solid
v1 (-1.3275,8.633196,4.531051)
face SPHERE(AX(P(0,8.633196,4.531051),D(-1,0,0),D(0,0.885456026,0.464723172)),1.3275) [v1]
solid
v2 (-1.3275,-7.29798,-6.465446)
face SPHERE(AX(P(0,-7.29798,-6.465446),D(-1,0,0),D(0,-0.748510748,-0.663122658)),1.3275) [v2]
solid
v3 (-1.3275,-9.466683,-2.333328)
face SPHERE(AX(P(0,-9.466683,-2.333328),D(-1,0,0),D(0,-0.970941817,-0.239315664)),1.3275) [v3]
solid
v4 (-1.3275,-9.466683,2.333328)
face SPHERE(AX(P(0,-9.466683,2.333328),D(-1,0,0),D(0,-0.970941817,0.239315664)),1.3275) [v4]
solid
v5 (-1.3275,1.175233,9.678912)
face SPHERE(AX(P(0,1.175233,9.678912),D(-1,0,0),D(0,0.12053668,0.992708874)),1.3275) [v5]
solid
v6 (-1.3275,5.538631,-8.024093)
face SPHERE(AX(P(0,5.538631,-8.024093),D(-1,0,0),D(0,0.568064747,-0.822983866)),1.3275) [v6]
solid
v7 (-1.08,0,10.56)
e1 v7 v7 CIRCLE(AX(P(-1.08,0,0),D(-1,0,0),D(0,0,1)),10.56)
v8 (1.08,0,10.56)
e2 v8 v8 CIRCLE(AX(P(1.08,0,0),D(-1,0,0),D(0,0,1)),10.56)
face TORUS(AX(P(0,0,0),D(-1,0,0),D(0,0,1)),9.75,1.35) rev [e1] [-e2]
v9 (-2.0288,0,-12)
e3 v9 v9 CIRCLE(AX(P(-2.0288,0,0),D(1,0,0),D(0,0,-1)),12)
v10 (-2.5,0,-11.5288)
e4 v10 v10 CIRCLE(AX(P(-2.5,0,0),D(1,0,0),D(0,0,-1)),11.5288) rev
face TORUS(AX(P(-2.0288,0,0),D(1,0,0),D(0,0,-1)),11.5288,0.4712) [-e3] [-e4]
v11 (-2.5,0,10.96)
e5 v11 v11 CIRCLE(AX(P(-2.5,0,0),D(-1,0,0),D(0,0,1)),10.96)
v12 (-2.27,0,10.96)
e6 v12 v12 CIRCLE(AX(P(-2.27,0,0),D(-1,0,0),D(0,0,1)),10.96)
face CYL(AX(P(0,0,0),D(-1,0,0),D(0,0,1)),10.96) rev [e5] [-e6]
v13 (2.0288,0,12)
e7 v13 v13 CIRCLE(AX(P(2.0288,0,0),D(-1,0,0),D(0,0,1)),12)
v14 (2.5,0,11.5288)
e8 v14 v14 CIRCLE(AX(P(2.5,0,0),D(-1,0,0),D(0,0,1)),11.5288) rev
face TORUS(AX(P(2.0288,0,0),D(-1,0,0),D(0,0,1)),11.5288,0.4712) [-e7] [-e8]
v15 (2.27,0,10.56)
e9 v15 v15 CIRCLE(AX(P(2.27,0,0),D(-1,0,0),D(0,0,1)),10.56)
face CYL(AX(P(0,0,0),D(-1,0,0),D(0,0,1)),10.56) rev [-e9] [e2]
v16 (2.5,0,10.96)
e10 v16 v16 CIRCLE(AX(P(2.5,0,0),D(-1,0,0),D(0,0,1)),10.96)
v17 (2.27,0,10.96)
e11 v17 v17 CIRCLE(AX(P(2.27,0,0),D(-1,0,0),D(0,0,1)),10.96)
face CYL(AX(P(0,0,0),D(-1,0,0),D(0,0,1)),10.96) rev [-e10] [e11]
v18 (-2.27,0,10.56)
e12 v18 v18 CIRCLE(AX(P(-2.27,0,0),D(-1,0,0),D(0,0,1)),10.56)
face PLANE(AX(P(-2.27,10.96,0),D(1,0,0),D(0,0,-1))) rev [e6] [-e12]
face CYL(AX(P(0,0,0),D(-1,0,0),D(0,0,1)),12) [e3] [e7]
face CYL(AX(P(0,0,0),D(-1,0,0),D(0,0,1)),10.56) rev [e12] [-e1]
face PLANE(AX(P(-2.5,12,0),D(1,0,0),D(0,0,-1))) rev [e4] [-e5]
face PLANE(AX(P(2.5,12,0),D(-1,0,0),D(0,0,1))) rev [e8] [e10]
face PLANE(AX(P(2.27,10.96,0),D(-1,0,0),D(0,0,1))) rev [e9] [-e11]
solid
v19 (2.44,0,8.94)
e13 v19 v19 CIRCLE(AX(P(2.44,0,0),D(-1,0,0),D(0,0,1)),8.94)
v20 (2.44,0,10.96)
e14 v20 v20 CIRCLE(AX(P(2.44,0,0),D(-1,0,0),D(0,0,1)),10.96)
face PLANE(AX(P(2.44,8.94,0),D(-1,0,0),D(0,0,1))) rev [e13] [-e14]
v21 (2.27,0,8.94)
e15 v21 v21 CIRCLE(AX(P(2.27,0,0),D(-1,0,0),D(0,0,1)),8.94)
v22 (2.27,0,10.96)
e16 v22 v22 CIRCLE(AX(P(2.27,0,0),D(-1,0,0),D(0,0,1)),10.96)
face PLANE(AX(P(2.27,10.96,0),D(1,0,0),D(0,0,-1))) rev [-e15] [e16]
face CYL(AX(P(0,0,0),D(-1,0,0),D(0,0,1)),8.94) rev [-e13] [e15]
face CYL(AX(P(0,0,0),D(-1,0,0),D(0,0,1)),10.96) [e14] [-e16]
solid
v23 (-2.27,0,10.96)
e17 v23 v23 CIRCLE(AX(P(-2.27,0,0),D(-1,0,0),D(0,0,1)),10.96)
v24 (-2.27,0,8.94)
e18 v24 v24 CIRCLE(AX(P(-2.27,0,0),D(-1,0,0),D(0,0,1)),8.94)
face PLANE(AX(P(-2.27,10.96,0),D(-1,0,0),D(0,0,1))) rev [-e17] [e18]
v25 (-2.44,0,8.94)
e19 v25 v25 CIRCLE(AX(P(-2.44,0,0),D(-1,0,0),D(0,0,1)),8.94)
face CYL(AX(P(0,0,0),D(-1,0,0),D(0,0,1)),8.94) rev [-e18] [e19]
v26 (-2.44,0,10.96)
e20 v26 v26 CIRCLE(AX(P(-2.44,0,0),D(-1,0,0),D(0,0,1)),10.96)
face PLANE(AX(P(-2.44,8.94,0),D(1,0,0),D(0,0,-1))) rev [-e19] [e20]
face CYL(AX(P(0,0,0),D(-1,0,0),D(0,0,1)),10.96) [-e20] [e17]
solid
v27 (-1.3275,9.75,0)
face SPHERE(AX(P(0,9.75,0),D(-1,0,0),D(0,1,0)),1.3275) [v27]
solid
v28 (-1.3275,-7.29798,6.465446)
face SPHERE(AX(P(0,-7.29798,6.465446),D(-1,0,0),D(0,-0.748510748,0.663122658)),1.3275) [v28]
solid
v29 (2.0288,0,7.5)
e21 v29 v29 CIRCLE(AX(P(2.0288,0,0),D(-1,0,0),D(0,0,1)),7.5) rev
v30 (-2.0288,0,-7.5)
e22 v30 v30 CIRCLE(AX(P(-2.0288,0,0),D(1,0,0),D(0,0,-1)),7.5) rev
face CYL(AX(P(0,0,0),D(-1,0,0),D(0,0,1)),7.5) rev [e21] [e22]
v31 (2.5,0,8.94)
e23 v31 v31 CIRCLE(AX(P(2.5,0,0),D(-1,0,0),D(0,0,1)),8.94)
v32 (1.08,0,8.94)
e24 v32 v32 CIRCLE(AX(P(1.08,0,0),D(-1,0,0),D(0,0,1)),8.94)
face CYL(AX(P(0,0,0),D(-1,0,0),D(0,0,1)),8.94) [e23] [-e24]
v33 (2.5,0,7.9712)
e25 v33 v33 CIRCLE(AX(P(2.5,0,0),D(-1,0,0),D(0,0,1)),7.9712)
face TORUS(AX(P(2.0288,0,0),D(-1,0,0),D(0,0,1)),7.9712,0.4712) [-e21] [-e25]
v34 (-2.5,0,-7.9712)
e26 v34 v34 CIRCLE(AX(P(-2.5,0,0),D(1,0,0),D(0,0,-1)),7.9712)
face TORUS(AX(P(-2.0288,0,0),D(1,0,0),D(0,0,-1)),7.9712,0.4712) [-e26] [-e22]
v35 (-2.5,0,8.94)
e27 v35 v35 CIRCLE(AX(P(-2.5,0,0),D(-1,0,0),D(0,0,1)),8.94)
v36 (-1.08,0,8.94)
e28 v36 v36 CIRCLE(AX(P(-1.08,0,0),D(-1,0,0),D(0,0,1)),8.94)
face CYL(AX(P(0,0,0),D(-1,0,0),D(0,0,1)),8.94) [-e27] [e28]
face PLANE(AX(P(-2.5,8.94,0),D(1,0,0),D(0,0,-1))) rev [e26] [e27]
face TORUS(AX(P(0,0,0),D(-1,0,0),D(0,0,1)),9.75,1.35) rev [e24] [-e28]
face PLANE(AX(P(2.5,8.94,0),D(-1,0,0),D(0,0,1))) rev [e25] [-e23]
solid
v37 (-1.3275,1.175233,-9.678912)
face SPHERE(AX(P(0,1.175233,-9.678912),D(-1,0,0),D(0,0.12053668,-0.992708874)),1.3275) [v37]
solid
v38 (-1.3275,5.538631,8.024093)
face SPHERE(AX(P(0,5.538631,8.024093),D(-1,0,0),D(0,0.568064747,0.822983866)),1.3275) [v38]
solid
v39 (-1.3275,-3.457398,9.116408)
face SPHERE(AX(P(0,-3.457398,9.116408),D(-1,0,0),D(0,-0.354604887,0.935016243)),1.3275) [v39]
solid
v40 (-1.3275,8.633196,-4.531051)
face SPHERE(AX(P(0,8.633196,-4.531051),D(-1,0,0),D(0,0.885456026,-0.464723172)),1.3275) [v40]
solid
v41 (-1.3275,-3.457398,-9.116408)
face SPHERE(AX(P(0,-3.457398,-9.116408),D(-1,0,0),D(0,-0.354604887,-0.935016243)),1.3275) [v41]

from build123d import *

# Parameters (mm, degrees)
SKETCH_3_W               = 0.17
SKETCH_3_H               = 2.02
PATTERN_CIRCULAR_2_COUNT = 13
FILLET_1_R               = 0.4712
FILLET_2_R               = 0.4712


with BuildPart() as part:
    # ｽｹｯﾁ1 → 回転1 (revolve)
    with BuildSketch(Plane.XY, mode=Mode.PRIVATE) as revolve_1_sk:
        with BuildLine():
            Line((-2.5, 12), (2.5, 12))
            Line((2.5, 12), (2.5, 10.96))
            Line((2.5, 10.96), (2.27, 10.96))
            Line((2.27, 10.96), (2.27, 10.56))
            Line((2.27, 10.56), (1.08, 10.56))
            ThreePointArc((1.08, 10.56), (0, 11.1), (-1.08, 10.56))
            Line((-1.08, 10.56), (-2.27, 10.56))
            Line((-2.27, 10.56), (-2.27, 10.96))
            Line((-2.27, 10.96), (-2.5, 10.96))
            Line((-2.5, 10.96), (-2.5, 12))
        make_face()
        with BuildLine():
            Line((-2.5, 8.94), (-1.08, 8.94))
            ThreePointArc((-1.08, 8.94), (0, 8.4), (1.08, 8.94))
            Line((1.08, 8.94), (2.5, 8.94))
            Line((2.5, 8.94), (2.5, 7.5))
            Line((2.5, 7.5), (-2.5, 7.5))
            Line((-2.5, 7.5), (-2.5, 8.94))
        make_face()
    revolve(revolve_1_sk.sketch.rotate(Axis((0, 0, 0), (1, 0, 0)), 90), axis=Axis((0, 0, 0), (1, 0, 0)))

    # ﾌｨﾚｯﾄ1
    fillet_1_edges = [part.edges().sort_by_distance(p)[0] for p in [
        (-2.5, 0, -12),
        (2.5, 0, -12),
    ]]
    fillet(fillet_1_edges, radius=FILLET_1_R)

    # ﾌｨﾚｯﾄ2
    fillet_2_edges = [part.edges().sort_by_distance(p)[0] for p in [
        (2.5, 0, -7.5),
        (-2.5, 0, -7.5),
    ]]
    fillet(fillet_2_edges, radius=FILLET_2_R)


with BuildPart() as body_2:
    # ｽｹｯﾁ3 → 回転3 (revolve)
    with BuildSketch(Plane.XY, mode=Mode.PRIVATE) as revolve_3_sk:
        with Locations((2.355, 9.95)):
            Rectangle(SKETCH_3_W, SKETCH_3_H)
        with Locations((-2.355, 9.95)):
            Rectangle(SKETCH_3_W, SKETCH_3_H)
    revolve(revolve_3_sk.sketch.rotate(Axis((0, 0, 0), (1, 0, 0)), 90), axis=Axis((0, 0, 0), (1, 0, 0)))


with BuildPart() as body_3:
    # ｽｹｯﾁ2 → 回転2 (revolve)
    with BuildSketch(Plane.XY):
        with BuildLine():
            Line((-1.3275, 9.75), (1.3275, 9.75))
            ThreePointArc((1.3275, 9.75), (0, 11.0775), (-1.3275, 9.75))
        make_face()
    revolve(axis=Axis((0.04685524, 9.75, 0), (1, 0, 0)))


with BuildPart() as pattern_circular_2_1:
    # 円形ﾊﾟﾀｰﾝ2: pattern copy
    add(body_3.part.rotate(Axis((0, 0, 0), (1, 0, 0)), 1 * 360 / PATTERN_CIRCULAR_2_COUNT))


with BuildPart() as pattern_circular_2_2:
    # 円形ﾊﾟﾀｰﾝ2: pattern copy
    add(body_3.part.rotate(Axis((0, 0, 0), (1, 0, 0)), 2 * 360 / PATTERN_CIRCULAR_2_COUNT))


with BuildPart() as pattern_circular_2_3:
    # 円形ﾊﾟﾀｰﾝ2: pattern copy
    add(body_3.part.rotate(Axis((0, 0, 0), (1, 0, 0)), 3 * 360 / PATTERN_CIRCULAR_2_COUNT))


with BuildPart() as pattern_circular_2_4:
    # 円形ﾊﾟﾀｰﾝ2: pattern copy
    add(body_3.part.rotate(Axis((0, 0, 0), (1, 0, 0)), 4 * 360 / PATTERN_CIRCULAR_2_COUNT))


with BuildPart() as pattern_circular_2_5:
    # 円形ﾊﾟﾀｰﾝ2: pattern copy
    add(body_3.part.rotate(Axis((0, 0, 0), (1, 0, 0)), 5 * 360 / PATTERN_CIRCULAR_2_COUNT))


with BuildPart() as pattern_circular_2_6:
    # 円形ﾊﾟﾀｰﾝ2: pattern copy
    add(body_3.part.rotate(Axis((0, 0, 0), (1, 0, 0)), 6 * 360 / PATTERN_CIRCULAR_2_COUNT))


with BuildPart() as pattern_circular_2_7:
    # 円形ﾊﾟﾀｰﾝ2: pattern copy
    add(body_3.part.rotate(Axis((0, 0, 0), (1, 0, 0)), 7 * 360 / PATTERN_CIRCULAR_2_COUNT))


with BuildPart() as pattern_circular_2_8:
    # 円形ﾊﾟﾀｰﾝ2: pattern copy
    add(body_3.part.rotate(Axis((0, 0, 0), (1, 0, 0)), 8 * 360 / PATTERN_CIRCULAR_2_COUNT))


with BuildPart() as pattern_circular_2_9:
    # 円形ﾊﾟﾀｰﾝ2: pattern copy
    add(body_3.part.rotate(Axis((0, 0, 0), (1, 0, 0)), 9 * 360 / PATTERN_CIRCULAR_2_COUNT))


with BuildPart() as pattern_circular_2_10:
    # 円形ﾊﾟﾀｰﾝ2: pattern copy
    add(body_3.part.rotate(Axis((0, 0, 0), (1, 0, 0)), 10 * 360 / PATTERN_CIRCULAR_2_COUNT))


with BuildPart() as pattern_circular_2_11:
    # 円形ﾊﾟﾀｰﾝ2: pattern copy
    add(body_3.part.rotate(Axis((0, 0, 0), (1, 0, 0)), 11 * 360 / PATTERN_CIRCULAR_2_COUNT))


with BuildPart() as pattern_circular_2_12:
    # 円形ﾊﾟﾀｰﾝ2: pattern copy
    add(body_3.part.rotate(Axis((0, 0, 0), (1, 0, 0)), 12 * 360 / PATTERN_CIRCULAR_2_COUNT))


solid = Compound([part.part, body_2.part, body_3.part, pattern_circular_2_1.part, pattern_circular_2_2.part, pattern_circular_2_3.part, pattern_circular_2_4.part, pattern_circular_2_5.part, pattern_circular_2_6.part, pattern_circular_2_7.part, pattern_circular_2_8.part, pattern_circular_2_9.part, pattern_circular_2_10.part, pattern_circular_2_11.part, pattern_circular_2_12.part])
